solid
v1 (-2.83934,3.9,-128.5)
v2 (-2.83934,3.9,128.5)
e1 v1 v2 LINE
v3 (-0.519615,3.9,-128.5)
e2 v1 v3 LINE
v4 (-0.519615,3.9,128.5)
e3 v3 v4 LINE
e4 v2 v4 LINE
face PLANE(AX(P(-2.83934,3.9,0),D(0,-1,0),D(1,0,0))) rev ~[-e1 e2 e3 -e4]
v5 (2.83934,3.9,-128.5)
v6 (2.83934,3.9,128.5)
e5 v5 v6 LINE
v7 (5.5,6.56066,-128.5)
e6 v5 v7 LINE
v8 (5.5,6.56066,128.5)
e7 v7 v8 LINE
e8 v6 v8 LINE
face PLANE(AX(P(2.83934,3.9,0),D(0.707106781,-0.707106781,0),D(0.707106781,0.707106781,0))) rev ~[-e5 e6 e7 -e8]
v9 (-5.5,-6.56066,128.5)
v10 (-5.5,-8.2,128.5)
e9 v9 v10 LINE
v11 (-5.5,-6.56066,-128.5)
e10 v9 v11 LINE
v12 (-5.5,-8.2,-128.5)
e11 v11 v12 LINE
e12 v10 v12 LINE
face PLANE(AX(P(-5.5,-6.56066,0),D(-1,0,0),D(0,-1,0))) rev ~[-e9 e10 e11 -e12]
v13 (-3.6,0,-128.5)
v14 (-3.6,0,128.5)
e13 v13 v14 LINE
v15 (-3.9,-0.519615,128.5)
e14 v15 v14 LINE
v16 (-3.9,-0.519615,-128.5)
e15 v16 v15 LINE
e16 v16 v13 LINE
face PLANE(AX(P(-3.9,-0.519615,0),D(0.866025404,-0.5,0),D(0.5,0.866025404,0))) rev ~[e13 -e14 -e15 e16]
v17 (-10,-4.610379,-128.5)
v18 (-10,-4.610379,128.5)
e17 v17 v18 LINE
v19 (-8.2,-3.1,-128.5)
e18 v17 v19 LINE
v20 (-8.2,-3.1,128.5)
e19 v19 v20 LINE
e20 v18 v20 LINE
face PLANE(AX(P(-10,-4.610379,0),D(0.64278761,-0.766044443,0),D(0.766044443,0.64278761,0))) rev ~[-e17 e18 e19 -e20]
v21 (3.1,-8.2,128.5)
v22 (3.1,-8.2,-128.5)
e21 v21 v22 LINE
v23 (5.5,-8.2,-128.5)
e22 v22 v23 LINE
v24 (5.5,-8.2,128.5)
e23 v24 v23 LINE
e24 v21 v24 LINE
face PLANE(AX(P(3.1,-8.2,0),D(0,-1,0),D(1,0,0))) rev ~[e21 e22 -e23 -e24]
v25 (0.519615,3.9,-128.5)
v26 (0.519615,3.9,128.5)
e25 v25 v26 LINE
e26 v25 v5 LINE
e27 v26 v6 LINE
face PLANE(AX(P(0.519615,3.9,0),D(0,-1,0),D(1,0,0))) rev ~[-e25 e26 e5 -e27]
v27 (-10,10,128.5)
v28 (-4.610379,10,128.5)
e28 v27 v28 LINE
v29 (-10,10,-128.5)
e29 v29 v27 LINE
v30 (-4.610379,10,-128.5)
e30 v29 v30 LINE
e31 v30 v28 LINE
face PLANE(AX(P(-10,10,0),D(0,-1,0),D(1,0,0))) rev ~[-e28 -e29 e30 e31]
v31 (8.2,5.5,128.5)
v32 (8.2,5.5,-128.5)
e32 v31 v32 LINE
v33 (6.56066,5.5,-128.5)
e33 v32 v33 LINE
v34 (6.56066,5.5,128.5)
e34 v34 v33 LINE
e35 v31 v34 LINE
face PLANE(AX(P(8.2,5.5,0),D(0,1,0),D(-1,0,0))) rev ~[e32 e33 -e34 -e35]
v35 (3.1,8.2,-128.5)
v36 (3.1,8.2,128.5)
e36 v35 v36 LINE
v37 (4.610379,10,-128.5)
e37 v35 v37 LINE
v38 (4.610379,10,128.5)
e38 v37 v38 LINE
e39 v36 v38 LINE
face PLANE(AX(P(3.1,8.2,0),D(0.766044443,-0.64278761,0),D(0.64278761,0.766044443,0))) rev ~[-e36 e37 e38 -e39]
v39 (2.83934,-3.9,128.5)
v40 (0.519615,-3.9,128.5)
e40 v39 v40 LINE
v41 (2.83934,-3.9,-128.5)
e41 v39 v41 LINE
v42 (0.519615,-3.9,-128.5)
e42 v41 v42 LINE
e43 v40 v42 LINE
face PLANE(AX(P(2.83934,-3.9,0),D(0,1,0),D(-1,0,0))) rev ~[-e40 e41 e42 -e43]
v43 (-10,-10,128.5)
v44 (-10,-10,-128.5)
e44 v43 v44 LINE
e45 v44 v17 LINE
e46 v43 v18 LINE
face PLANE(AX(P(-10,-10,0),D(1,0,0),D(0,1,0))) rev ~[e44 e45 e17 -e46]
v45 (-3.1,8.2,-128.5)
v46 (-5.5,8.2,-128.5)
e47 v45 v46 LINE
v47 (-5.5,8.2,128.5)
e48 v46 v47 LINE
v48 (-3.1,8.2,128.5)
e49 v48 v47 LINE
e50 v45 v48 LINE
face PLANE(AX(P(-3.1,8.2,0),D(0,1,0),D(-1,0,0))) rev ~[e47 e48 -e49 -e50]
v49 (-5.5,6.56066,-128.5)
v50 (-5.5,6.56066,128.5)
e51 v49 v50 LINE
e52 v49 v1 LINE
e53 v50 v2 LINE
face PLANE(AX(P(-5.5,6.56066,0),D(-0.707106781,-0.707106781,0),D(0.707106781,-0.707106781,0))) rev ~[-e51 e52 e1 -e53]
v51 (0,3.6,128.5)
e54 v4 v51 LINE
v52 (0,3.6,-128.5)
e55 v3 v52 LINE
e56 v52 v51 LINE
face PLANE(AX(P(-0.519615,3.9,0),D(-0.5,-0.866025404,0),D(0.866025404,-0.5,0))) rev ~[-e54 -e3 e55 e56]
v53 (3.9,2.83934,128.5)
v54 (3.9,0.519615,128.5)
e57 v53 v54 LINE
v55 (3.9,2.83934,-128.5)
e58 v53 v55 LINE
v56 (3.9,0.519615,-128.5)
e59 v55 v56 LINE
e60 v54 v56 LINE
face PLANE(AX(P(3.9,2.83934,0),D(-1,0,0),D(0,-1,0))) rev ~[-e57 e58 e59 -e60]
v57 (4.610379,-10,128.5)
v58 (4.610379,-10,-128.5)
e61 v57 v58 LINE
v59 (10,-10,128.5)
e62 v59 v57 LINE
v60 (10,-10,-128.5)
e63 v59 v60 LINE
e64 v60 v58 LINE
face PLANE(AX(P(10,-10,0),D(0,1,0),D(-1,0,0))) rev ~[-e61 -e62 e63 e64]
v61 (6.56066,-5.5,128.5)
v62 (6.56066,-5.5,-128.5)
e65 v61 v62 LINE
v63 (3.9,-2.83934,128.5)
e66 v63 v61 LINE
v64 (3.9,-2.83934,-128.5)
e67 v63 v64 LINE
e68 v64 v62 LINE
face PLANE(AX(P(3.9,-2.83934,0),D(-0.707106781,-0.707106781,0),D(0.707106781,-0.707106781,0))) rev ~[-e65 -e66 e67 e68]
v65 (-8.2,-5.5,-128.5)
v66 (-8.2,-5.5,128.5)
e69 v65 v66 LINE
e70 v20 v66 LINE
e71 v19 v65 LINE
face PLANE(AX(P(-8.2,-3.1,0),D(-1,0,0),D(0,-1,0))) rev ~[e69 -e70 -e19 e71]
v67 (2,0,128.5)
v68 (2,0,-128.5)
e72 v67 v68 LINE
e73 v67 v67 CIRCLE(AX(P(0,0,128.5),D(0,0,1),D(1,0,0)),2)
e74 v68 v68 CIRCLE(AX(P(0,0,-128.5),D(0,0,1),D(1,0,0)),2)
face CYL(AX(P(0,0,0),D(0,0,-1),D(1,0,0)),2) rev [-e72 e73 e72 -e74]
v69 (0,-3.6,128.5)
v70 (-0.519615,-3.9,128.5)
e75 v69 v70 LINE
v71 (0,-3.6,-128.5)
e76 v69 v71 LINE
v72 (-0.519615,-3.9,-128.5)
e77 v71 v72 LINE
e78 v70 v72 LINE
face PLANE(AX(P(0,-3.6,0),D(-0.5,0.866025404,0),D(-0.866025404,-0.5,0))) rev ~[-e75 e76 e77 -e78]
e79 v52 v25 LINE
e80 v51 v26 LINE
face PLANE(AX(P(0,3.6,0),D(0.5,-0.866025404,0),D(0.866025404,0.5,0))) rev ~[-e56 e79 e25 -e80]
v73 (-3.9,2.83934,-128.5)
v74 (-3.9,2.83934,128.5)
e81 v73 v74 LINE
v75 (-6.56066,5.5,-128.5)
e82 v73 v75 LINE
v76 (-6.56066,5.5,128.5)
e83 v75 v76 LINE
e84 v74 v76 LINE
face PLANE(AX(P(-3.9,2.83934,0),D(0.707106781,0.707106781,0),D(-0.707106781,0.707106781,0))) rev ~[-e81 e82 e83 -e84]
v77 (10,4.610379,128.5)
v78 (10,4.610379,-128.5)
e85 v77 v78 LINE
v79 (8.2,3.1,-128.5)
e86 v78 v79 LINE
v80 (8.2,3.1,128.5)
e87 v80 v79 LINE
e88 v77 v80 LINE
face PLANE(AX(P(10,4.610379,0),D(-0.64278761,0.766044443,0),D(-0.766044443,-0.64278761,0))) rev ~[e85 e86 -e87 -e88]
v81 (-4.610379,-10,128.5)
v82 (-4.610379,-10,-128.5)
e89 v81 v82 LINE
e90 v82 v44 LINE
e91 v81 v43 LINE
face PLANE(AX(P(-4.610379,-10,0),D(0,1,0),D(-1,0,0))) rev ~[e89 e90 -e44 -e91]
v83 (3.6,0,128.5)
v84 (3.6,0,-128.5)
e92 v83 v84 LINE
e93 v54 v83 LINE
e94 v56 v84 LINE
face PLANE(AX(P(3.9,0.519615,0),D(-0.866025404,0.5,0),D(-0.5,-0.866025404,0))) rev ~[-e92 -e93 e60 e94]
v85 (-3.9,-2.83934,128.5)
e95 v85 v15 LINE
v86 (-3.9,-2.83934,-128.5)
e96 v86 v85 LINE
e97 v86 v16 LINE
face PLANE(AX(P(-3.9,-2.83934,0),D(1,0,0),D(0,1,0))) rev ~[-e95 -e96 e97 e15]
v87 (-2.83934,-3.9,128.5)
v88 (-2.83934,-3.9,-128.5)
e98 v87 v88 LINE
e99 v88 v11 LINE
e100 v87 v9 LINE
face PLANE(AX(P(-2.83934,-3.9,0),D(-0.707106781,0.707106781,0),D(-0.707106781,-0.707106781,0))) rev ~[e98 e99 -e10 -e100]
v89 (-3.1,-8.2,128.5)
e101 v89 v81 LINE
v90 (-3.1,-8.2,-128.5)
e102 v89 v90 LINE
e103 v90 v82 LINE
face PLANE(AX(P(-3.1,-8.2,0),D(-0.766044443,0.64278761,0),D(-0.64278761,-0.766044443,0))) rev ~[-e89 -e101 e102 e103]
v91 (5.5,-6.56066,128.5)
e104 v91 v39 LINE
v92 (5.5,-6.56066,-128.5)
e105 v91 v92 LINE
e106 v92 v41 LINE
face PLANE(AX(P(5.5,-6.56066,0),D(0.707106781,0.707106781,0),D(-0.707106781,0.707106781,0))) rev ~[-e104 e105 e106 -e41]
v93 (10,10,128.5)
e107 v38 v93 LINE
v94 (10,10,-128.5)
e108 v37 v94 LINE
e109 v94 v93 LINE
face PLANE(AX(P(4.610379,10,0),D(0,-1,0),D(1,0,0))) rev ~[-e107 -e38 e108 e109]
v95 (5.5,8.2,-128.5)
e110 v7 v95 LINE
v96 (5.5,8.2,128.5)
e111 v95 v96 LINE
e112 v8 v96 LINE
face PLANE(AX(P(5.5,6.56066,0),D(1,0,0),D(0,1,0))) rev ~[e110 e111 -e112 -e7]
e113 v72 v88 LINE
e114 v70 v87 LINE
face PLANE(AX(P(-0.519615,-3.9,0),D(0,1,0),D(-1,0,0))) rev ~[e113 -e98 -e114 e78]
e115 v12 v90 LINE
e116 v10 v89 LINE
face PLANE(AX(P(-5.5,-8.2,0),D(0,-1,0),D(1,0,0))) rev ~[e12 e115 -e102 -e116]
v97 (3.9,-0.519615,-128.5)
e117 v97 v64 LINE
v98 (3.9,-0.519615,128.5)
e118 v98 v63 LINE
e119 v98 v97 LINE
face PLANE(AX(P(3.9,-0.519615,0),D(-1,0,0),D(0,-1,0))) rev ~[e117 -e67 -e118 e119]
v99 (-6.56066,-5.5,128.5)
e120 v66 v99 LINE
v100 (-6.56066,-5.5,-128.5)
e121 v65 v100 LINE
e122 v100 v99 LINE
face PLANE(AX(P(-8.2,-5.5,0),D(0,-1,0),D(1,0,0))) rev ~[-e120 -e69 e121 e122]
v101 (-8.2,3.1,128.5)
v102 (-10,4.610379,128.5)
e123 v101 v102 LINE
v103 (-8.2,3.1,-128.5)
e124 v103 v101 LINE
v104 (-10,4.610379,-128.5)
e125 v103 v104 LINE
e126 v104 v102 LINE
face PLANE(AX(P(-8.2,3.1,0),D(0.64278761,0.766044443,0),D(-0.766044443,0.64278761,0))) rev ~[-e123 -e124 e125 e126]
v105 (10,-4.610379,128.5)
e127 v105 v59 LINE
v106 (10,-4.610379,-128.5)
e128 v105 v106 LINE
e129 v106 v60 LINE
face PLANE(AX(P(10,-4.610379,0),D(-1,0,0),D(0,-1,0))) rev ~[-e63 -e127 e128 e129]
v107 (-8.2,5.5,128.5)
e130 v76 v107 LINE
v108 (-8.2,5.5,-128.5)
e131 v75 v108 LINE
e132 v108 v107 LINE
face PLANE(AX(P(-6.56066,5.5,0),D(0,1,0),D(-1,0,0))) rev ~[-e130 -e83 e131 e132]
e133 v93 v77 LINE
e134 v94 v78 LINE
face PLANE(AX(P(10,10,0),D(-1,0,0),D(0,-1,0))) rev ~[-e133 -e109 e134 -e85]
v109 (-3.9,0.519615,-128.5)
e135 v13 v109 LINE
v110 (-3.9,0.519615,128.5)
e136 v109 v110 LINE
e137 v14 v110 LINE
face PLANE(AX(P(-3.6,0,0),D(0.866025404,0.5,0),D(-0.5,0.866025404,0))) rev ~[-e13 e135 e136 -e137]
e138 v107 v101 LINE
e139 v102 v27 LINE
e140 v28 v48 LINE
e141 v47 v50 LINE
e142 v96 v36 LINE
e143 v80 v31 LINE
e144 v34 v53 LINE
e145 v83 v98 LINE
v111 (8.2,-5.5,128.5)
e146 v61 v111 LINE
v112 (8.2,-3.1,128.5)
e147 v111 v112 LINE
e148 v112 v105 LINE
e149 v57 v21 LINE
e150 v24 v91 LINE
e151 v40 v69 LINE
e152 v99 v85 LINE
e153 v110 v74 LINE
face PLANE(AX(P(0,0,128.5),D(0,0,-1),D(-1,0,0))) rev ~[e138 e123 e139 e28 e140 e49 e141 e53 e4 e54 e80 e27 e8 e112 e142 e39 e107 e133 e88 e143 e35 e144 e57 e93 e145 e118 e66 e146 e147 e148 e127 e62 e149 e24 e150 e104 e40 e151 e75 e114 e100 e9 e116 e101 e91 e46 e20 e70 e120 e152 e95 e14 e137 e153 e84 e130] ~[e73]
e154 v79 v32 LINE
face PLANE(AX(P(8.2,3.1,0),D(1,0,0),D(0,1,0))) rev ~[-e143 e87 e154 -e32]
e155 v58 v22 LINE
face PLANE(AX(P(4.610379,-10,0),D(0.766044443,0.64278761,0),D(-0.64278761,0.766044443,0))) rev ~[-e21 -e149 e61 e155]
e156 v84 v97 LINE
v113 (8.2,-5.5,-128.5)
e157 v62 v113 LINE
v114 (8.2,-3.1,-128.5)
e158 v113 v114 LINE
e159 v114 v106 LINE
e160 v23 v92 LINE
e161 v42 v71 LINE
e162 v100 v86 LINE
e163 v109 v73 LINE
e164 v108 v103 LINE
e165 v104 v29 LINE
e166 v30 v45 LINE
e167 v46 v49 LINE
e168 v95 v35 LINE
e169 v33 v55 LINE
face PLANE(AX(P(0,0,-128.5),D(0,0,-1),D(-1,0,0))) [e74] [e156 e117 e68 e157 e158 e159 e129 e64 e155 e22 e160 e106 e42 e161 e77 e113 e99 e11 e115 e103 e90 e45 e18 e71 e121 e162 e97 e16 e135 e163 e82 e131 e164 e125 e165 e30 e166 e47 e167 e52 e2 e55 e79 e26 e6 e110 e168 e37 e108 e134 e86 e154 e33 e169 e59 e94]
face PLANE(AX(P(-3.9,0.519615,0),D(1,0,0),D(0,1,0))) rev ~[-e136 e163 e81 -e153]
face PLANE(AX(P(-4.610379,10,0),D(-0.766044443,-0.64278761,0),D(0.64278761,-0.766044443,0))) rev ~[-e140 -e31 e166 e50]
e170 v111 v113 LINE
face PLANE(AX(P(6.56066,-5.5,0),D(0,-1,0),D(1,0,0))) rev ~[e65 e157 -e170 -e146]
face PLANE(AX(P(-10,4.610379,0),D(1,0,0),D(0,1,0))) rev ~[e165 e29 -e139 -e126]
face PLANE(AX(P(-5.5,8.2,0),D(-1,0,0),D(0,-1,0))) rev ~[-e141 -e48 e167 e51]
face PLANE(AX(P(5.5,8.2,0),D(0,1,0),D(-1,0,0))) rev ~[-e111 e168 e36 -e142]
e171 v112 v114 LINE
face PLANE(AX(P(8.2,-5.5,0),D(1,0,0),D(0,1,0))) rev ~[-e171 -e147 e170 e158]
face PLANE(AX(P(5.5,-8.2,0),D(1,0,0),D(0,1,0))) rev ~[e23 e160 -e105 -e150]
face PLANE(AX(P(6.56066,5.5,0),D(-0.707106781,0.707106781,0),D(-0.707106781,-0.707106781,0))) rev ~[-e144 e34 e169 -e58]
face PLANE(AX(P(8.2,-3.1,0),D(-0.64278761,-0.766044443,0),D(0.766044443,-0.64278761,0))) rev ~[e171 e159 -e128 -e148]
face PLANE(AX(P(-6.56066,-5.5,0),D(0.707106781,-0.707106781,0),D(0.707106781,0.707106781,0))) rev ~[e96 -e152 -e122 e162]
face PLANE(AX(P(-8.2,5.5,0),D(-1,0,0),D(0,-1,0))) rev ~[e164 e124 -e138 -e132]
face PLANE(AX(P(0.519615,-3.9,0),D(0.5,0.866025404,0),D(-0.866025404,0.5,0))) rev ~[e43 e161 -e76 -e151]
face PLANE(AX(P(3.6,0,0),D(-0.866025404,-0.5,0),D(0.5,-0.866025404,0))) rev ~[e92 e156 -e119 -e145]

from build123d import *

# Parameters (mm, degrees)
SKETCH1_R           = 2
BOSS_EXTRUDE1_DEPTH = 128.5


with BuildPart() as part:
    # Sketch1 → Boss-Extrude1 (new body, symmetric)
    with BuildSketch(Plane.XY):
        Polygon((10, 10), (10, 4.610379336), (8.2, 3.1), (8.2, 5.5), (6.560660172, 5.5), (3.9, 2.839339828), (3.9, 0.519615242), (3.6, 0), (3.9, -0.519615242), (3.9, -2.839339828), (6.560660172, -5.5), (8.2, -5.5), (8.2, -3.1), (10, -4.610379336), (10, -10), (4.610379336, -10), (3.1, -8.2), (5.5, -8.2), (5.5, -6.560660172), (2.839339828, -3.9), (0.519615242, -3.9), (0, -3.6), (-0.519615242, -3.9), (-2.839339828, -3.9), (-5.5, -6.560660172), (-5.5, -8.2), (-3.1, -8.2), (-4.610379336, -10), (-10, -10), (-10, -4.610379336), (-8.2, -3.1), (-8.2, -5.5), (-6.560660172, -5.5), (-3.9, -2.839339828), (-3.9, -0.519615242), (-3.6, 0), (-3.9, 0.519615242), (-3.9, 2.839339828), (-6.560660172, 5.5), (-8.2, 5.5), (-8.2, 3.1), (-10, 4.610379336), (-10, 10), (-4.610379336, 10), (-3.1, 8.2), (-5.5, 8.2), (-5.5, 6.560660172), (-2.839339828, 3.9), (-0.519615242, 3.9), (0, 3.6), (0.519615242, 3.9), (2.839339828, 3.9), (5.5, 6.560660172), (5.5, 8.2), (3.1, 8.2), (4.610379336, 10), align=None)
        Circle(SKETCH1_R, mode=Mode.SUBTRACT)
    extrude(amount=BOSS_EXTRUDE1_DEPTH, both=True)


solid = part.part
